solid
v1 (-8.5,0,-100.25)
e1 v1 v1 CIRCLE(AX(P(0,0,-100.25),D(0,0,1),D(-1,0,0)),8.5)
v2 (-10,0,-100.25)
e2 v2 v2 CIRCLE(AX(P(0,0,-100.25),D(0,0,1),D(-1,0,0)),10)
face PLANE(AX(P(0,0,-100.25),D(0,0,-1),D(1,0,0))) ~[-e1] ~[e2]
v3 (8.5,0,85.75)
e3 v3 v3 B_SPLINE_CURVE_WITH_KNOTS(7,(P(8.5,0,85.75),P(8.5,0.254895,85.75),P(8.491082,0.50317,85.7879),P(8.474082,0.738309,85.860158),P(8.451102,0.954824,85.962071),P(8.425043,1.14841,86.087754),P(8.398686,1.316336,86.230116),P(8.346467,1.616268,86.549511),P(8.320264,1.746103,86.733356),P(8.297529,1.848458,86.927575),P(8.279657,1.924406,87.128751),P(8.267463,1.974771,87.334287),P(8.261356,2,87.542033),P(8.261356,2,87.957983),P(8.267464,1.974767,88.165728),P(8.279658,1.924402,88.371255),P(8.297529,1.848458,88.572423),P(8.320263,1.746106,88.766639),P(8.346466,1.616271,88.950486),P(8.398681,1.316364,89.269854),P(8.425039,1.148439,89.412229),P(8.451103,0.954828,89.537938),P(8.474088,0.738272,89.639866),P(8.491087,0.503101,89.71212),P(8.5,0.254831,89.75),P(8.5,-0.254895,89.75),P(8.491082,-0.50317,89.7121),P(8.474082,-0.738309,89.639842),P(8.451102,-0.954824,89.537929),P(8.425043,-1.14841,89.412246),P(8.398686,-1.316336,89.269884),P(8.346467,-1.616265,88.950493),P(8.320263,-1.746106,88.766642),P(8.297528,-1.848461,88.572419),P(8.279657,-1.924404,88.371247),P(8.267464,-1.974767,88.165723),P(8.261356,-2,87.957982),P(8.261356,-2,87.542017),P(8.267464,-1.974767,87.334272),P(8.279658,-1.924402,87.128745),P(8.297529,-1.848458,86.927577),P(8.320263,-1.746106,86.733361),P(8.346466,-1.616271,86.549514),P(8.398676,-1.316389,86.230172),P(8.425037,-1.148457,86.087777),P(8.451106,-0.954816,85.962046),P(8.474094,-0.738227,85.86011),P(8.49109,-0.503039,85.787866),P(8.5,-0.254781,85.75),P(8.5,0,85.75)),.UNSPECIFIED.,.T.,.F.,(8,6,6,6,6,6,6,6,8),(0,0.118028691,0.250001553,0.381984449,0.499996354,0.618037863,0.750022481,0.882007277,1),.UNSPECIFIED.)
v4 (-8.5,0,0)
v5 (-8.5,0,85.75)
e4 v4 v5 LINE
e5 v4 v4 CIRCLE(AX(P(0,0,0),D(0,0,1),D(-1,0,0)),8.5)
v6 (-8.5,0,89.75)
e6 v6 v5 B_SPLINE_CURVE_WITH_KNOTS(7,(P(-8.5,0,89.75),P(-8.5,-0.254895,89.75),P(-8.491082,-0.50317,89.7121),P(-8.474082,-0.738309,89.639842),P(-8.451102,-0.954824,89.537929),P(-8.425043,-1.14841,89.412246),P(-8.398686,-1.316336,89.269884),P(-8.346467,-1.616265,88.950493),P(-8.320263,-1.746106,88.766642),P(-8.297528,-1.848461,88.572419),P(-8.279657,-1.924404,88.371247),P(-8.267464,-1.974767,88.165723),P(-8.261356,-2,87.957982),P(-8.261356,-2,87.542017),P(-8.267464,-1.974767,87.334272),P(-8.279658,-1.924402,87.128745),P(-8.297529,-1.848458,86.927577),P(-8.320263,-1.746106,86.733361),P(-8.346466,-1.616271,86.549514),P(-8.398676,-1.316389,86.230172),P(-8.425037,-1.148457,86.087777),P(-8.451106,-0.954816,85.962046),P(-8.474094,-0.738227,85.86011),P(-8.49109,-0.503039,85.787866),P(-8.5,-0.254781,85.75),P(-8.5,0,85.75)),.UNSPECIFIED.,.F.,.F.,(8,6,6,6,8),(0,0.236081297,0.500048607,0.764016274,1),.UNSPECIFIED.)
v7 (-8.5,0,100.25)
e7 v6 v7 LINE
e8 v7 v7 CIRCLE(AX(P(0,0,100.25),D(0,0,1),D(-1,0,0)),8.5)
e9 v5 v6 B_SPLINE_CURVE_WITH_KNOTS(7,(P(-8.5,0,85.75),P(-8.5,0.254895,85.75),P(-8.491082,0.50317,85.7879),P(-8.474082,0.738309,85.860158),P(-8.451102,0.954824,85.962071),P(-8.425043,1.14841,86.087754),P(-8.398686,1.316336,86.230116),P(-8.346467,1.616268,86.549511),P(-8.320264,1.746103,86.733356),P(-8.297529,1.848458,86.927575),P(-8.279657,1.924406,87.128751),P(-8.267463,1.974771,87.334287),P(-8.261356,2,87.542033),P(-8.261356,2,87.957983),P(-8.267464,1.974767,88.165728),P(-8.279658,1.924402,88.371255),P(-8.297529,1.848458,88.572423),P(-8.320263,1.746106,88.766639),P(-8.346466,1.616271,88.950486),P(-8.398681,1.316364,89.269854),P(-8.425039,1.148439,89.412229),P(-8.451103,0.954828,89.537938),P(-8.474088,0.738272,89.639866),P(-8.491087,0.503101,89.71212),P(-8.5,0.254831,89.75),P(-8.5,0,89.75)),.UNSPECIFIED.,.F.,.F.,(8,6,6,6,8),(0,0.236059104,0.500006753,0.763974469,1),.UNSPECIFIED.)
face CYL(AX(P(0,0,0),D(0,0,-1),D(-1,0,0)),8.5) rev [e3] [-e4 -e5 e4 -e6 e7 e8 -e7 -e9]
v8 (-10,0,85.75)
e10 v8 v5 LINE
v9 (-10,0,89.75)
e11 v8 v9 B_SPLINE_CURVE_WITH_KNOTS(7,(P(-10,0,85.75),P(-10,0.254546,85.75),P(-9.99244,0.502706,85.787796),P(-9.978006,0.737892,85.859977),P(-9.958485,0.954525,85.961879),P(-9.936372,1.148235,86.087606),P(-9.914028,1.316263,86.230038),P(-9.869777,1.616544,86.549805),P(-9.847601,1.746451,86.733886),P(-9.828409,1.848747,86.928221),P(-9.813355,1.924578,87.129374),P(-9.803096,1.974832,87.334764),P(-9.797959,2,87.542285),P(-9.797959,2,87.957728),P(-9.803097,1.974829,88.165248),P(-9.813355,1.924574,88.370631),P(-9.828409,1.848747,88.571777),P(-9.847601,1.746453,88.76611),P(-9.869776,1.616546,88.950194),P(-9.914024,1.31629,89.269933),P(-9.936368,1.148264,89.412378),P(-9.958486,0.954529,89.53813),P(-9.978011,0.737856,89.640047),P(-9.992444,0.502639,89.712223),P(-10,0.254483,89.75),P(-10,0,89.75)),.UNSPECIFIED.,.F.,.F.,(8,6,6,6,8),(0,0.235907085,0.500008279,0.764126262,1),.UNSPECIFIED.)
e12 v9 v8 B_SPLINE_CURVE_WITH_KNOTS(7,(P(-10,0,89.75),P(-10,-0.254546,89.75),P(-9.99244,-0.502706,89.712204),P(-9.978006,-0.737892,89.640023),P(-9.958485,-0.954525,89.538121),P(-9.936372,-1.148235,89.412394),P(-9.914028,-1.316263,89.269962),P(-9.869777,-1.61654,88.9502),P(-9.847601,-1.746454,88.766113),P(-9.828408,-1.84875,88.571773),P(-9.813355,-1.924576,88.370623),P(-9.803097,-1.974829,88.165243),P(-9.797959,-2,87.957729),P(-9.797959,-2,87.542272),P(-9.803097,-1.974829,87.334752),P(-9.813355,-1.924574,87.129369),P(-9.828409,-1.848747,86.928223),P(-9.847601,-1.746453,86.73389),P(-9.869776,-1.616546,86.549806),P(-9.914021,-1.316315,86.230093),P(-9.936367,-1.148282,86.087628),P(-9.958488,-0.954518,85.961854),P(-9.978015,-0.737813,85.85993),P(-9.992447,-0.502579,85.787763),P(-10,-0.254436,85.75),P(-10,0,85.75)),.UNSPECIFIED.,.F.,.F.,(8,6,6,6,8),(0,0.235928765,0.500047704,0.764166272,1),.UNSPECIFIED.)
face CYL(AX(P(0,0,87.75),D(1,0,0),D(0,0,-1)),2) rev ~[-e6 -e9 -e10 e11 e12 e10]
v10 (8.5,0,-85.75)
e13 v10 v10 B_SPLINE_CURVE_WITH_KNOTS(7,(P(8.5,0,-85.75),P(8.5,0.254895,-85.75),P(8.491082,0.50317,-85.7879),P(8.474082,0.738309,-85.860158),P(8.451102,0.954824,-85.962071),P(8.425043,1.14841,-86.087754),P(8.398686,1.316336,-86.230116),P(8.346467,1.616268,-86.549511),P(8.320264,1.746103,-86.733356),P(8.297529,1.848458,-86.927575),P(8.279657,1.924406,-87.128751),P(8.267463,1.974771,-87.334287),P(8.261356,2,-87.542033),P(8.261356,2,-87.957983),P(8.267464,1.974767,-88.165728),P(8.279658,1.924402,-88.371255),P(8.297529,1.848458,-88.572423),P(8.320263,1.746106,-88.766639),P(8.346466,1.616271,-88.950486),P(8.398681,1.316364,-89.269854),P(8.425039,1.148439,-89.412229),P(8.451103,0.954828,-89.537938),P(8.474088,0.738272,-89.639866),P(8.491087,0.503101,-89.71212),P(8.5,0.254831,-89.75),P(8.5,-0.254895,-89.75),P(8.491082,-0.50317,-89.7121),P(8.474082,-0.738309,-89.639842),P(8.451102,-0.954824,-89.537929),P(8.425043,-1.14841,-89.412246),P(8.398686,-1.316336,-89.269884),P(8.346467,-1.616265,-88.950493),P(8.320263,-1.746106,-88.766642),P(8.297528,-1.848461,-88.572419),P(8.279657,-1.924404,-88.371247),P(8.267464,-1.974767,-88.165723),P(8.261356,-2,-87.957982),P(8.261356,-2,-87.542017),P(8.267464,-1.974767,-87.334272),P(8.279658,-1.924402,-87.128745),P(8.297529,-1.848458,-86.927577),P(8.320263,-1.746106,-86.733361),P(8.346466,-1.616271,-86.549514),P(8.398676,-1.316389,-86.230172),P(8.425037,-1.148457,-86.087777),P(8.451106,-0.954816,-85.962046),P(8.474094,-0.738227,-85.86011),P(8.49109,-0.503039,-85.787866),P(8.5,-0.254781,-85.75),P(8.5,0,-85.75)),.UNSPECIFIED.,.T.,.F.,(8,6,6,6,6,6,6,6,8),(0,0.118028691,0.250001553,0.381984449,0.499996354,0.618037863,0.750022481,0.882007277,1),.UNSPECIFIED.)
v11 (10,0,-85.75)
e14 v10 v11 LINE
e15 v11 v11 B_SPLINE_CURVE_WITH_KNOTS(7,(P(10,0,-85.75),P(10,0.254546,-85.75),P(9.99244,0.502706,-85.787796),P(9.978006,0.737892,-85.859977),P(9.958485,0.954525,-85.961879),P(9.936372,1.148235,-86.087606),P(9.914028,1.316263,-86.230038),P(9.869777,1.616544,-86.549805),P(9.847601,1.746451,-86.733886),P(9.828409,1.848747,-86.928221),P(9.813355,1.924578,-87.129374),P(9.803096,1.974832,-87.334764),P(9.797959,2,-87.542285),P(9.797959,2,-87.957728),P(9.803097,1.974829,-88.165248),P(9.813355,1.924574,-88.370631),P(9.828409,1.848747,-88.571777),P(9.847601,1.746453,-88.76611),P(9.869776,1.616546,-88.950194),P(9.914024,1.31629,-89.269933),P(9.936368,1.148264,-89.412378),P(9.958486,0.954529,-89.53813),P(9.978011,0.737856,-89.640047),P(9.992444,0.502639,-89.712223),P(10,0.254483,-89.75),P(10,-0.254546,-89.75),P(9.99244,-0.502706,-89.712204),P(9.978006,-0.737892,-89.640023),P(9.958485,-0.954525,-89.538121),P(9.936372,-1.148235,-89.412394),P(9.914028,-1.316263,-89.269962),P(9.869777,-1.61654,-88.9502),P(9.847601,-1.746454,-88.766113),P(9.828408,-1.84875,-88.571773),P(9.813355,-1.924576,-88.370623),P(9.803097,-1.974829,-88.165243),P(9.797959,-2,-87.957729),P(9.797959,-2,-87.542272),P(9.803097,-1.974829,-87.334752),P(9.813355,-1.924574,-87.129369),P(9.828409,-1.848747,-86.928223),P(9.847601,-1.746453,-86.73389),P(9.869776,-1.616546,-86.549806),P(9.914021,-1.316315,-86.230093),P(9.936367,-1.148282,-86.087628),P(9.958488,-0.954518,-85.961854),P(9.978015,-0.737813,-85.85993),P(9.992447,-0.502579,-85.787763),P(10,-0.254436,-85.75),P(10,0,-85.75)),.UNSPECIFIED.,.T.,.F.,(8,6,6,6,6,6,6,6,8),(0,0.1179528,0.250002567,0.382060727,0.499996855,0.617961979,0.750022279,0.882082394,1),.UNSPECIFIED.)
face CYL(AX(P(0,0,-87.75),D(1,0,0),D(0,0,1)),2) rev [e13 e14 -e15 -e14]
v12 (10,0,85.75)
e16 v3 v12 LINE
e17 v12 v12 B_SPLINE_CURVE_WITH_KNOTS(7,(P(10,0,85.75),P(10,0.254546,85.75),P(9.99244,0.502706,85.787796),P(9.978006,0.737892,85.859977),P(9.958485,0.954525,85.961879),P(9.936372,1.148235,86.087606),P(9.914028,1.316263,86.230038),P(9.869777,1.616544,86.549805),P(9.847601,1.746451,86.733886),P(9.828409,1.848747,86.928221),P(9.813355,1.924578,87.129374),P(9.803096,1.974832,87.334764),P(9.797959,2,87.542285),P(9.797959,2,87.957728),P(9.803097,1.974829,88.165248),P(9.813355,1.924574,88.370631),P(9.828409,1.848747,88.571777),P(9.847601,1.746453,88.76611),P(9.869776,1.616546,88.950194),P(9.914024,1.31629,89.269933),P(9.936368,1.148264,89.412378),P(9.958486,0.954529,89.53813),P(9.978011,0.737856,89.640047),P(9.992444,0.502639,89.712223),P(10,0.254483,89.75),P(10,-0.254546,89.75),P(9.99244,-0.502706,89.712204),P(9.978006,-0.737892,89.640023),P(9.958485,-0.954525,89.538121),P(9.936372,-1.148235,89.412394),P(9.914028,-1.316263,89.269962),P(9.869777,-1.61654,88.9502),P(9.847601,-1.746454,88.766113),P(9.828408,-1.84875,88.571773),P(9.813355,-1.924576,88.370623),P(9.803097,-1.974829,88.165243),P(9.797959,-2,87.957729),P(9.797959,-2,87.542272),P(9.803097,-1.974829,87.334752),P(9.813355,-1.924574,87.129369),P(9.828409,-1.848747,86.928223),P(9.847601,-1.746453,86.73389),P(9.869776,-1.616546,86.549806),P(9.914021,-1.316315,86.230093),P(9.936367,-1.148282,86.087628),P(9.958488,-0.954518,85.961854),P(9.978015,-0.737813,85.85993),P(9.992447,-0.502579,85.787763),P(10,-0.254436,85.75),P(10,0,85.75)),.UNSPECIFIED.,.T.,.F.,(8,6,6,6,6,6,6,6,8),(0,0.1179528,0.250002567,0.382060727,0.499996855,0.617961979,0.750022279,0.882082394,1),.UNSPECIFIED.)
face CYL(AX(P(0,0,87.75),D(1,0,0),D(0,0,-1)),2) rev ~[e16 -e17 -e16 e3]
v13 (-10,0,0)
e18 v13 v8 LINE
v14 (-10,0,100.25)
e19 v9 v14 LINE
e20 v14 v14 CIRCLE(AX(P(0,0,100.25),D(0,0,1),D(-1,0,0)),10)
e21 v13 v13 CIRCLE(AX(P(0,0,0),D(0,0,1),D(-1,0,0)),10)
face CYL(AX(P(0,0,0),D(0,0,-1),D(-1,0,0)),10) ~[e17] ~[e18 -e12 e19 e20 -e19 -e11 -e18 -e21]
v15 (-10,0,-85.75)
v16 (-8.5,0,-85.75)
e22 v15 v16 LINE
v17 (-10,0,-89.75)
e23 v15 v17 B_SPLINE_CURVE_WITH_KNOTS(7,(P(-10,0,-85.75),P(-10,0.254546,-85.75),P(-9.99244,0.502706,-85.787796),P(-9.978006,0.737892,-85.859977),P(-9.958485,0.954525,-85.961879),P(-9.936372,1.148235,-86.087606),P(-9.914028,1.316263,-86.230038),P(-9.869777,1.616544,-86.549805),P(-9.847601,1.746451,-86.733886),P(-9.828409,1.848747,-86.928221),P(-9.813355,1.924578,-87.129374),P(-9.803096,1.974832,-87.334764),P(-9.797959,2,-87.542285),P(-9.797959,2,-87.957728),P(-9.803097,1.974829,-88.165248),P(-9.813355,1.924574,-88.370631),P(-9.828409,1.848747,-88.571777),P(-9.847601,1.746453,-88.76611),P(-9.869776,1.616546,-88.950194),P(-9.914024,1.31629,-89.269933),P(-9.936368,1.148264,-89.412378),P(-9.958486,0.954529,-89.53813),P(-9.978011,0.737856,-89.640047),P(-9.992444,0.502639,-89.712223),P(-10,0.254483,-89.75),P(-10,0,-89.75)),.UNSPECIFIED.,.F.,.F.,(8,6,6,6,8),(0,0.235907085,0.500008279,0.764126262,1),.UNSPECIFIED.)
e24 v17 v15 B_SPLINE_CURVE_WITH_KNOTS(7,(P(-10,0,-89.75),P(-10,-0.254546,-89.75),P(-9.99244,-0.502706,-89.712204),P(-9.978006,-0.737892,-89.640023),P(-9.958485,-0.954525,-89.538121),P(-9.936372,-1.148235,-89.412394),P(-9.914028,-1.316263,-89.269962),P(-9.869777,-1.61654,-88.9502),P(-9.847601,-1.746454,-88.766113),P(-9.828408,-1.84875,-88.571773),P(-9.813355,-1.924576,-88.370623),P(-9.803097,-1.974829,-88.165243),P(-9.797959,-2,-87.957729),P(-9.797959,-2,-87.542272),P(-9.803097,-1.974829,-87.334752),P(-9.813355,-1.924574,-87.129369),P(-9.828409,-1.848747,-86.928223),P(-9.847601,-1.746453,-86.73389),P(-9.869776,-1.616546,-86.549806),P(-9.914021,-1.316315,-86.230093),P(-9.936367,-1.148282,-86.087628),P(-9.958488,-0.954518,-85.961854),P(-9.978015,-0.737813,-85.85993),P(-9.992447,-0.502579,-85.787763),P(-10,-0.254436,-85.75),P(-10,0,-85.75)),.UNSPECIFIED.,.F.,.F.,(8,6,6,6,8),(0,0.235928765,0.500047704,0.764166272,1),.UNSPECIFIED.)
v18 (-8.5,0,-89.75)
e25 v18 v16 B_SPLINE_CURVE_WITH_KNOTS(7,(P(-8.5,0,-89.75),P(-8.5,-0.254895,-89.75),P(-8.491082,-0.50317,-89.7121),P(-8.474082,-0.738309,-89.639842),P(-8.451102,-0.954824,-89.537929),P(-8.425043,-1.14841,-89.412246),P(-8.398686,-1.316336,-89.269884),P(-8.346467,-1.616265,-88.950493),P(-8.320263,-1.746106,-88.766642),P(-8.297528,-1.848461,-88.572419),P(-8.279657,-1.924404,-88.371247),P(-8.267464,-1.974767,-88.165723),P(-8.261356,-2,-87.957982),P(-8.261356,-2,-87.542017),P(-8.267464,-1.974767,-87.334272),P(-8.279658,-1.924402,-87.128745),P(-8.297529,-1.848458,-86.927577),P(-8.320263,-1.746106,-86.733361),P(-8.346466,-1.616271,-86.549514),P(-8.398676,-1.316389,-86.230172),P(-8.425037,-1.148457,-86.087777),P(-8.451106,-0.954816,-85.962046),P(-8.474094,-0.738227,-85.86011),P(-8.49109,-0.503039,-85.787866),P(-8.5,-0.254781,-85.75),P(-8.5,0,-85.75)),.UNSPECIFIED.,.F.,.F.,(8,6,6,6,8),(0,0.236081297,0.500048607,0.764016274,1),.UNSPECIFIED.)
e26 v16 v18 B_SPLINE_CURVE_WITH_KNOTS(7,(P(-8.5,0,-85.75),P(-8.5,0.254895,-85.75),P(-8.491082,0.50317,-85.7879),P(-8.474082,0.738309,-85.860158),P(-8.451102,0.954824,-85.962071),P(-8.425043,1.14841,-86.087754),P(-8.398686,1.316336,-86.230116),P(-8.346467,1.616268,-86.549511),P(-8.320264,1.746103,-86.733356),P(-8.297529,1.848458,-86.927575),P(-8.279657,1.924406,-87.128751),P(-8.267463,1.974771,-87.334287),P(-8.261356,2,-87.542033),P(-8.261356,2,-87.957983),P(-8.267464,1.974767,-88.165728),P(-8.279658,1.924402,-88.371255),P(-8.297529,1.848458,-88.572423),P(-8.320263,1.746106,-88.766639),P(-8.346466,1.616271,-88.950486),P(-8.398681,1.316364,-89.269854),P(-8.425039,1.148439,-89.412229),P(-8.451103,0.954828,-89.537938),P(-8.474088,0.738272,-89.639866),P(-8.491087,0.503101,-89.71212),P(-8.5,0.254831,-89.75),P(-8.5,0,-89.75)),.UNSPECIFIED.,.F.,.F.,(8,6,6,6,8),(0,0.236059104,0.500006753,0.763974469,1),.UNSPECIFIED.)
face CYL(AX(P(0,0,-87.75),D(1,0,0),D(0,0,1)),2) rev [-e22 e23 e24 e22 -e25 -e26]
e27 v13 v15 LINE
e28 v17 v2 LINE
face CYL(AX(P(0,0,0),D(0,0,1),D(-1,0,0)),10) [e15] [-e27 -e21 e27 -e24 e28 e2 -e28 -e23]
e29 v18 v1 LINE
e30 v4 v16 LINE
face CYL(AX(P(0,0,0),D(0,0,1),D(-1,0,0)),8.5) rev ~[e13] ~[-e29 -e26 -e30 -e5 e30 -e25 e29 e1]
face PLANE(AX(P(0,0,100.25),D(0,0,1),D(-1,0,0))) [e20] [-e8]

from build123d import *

# Parameters (mm, degrees)
SKETCH1_R           = 10
SKETCH1_R_2         = 8.5
BOSS_EXTRUDE1_DEPTH = 100.25
SKETCH2_R           = 2
CUT_EXTRUDE1_DEPTH  = 102.242592322


with BuildPart() as part:
    # Sketch1 → Boss-Extrude1 (new body)
    with BuildSketch(Plane.XY):
        with Locations(Location((0, 0, 0), (0, 0, 180))):
            Circle(SKETCH1_R)
        with Locations(Location((0, 0, 0), (0, 0, 180))):
            Circle(SKETCH1_R_2, mode=Mode.SUBTRACT)
    boss_extrude1 = extrude(amount=BOSS_EXTRUDE1_DEPTH)

    # Sketch2 → Cut-Extrude1 (cut, symmetric)
    with BuildSketch(Plane(origin=(0, 0, 0), x_dir=(0, 0, -1), z_dir=(1, 0, 0))):
        with Locations((-87.75, 0)):
            Circle(SKETCH2_R)
    cut_extrude1 = extrude(amount=CUT_EXTRUDE1_DEPTH, both=True, mode=Mode.SUBTRACT)

    # Mirror1: Boss-Extrude1, Cut-Extrude1 across plane
    add(boss_extrude1.mirror(Plane.XY))
    add(cut_extrude1.mirror(Plane.XY), mode=Mode.SUBTRACT)


solid = part.part
